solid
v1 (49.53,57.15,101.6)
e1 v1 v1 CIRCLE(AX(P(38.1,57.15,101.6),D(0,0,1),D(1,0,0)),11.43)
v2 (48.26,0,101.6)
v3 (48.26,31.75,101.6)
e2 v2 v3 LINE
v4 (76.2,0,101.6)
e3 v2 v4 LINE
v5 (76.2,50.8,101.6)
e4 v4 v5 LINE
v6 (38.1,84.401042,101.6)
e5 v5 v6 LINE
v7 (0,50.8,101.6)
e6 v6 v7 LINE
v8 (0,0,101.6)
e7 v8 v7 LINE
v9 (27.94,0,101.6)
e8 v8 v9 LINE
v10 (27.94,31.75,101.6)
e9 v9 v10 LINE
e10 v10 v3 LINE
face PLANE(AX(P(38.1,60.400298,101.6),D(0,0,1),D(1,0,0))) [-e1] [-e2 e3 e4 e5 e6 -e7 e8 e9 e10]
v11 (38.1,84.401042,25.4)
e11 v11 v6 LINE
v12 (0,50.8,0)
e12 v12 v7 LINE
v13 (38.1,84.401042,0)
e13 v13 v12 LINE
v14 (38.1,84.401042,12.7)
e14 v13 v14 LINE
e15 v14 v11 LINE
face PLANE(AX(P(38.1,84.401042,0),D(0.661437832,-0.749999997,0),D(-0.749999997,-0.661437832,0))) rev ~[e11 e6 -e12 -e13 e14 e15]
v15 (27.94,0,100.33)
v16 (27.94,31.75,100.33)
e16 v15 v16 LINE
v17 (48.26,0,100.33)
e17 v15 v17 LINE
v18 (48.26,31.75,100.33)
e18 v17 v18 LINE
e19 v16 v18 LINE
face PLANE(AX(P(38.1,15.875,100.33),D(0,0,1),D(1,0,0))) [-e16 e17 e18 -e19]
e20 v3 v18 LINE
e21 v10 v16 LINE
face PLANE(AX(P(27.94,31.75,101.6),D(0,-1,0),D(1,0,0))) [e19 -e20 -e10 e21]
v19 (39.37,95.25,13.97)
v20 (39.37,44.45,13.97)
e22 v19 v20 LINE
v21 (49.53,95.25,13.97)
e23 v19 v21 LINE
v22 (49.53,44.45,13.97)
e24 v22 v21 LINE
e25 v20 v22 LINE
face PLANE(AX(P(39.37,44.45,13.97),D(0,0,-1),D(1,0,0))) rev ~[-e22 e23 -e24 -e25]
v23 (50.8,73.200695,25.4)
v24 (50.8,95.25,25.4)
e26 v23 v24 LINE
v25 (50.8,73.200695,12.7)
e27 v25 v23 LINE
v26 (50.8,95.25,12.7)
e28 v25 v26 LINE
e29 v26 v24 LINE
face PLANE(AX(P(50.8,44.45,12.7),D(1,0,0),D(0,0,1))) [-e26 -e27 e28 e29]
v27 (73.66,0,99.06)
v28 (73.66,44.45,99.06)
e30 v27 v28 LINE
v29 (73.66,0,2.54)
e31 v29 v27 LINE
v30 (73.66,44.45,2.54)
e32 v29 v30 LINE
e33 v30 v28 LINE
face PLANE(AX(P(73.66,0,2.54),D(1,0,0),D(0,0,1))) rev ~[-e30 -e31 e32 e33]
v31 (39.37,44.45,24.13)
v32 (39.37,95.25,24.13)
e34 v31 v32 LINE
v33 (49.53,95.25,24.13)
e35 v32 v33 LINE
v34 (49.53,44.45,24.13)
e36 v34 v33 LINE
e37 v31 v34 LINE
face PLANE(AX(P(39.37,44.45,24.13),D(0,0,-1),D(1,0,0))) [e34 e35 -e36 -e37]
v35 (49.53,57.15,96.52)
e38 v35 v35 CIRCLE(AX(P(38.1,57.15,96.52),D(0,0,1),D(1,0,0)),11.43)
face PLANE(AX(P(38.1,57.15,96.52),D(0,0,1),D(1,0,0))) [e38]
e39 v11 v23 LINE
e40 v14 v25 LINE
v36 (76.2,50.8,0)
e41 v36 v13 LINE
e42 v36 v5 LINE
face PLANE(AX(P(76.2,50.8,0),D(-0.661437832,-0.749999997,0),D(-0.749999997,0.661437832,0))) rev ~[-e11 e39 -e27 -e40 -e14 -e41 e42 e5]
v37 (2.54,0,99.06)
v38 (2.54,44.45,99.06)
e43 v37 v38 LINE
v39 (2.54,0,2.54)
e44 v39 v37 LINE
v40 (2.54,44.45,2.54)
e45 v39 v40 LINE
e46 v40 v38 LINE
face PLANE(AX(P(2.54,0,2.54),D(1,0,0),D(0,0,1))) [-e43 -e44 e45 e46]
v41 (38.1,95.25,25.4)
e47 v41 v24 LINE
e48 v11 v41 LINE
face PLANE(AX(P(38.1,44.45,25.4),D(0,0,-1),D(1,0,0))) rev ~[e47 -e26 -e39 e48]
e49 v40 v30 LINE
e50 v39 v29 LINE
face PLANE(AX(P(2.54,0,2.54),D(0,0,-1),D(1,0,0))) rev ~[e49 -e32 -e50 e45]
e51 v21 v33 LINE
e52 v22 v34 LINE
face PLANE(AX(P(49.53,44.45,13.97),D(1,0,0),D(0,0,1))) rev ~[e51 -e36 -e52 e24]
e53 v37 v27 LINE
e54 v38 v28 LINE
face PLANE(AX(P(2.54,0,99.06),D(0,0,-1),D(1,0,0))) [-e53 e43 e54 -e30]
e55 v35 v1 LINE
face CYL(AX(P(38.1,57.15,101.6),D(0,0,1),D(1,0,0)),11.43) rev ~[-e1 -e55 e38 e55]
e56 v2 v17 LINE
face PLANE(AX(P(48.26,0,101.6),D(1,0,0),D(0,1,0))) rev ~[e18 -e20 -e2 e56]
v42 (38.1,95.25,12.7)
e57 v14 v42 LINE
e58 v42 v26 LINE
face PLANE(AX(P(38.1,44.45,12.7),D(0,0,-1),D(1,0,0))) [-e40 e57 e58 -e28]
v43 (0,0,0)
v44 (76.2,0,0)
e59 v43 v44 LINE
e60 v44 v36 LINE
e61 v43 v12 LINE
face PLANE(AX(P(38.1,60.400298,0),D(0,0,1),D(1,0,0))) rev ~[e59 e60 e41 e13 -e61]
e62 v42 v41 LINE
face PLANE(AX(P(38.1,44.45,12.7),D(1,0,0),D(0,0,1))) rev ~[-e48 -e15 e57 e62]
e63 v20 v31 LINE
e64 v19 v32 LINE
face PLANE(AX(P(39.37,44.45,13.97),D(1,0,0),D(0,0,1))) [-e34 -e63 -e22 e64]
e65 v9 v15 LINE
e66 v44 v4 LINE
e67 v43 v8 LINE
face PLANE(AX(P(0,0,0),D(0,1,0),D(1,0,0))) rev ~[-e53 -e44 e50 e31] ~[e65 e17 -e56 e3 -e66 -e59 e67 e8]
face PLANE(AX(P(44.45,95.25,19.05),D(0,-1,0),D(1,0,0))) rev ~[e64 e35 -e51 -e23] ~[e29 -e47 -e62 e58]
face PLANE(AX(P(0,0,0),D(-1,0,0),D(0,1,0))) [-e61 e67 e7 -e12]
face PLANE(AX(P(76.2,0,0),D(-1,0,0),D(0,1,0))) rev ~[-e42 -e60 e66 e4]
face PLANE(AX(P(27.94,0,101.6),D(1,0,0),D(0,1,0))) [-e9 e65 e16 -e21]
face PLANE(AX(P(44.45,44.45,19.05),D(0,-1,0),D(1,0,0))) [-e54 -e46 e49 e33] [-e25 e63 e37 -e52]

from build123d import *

# Parameters (mm, degrees)
F0_W     = 76.2
F0_H     = 50.8
F1_DEPTH = 101.6
F3_W     = 71.12
F3_H     = 96.52
F4_DEPTH = 44.45
F2_R     = 11.43
F5_DEPTH = 5.08
F2_W     = 20.32
F2_H     = 31.75
F6_DEPTH = 1.27
F7_W     = 12.7
F7_H     = 12.7
F7_W_2   = 10.16
F7_H_2   = 10.16
F8_DEPTH = 50.8
F9_DEPTH = 50.801


with BuildPart() as f1:
    # F0 (on Top) → F1 (new body)
    with BuildSketch(Plane.XY):
        Polygon((38.1, 84.401042), (0, 50.8), (76.2, 50.8), align=None)
        with Locations((38.1, 25.4)):
            Rectangle(F0_W, F0_H)
    extrude(amount=F1_DEPTH)

    # F3 (on face) → F4 (cut)
    with BuildSketch(Plane.XZ):
        with Locations((38.1, 50.8)):
            Rectangle(F3_W, F3_H)
    extrude(amount=-F4_DEPTH, mode=Mode.SUBTRACT)

    # F2 (on face) → F5 (cut)
    with BuildSketch(Plane.XY.offset(101.6)):
        with Locations((38.1, 57.15)):
            Circle(F2_R)
    extrude(amount=-F5_DEPTH, mode=Mode.SUBTRACT)

    # F2 (on face) → F6 (cut)
    with BuildSketch(Plane.XY.offset(101.6)):
        with Locations((38.1, 15.875)):
            Rectangle(F2_W, F2_H)
        with Locations((38.1, 57.15)):
            Circle(F2_R)
    extrude(amount=-F6_DEPTH, mode=Mode.SUBTRACT)

    # F7 (on face) → F8 (join)
    with BuildSketch(Plane.XZ.offset(-44.45)):
        with Locations((44.45, 19.05)):
            Rectangle(F7_W, F7_H)
        with Locations((44.45, 19.05)):
            Rectangle(F7_W_2, F7_H_2, mode=Mode.SUBTRACT)
    extrude(amount=-F8_DEPTH)

    # F7 (on face) → F9 (cut, through all)
    with BuildSketch(Plane.XZ.offset(-44.45)):
        with Locations((44.45, 19.05)):
            Rectangle(F7_W_2, F7_H_2)
    extrude(amount=-F9_DEPTH, mode=Mode.SUBTRACT)


solid = f1.part
